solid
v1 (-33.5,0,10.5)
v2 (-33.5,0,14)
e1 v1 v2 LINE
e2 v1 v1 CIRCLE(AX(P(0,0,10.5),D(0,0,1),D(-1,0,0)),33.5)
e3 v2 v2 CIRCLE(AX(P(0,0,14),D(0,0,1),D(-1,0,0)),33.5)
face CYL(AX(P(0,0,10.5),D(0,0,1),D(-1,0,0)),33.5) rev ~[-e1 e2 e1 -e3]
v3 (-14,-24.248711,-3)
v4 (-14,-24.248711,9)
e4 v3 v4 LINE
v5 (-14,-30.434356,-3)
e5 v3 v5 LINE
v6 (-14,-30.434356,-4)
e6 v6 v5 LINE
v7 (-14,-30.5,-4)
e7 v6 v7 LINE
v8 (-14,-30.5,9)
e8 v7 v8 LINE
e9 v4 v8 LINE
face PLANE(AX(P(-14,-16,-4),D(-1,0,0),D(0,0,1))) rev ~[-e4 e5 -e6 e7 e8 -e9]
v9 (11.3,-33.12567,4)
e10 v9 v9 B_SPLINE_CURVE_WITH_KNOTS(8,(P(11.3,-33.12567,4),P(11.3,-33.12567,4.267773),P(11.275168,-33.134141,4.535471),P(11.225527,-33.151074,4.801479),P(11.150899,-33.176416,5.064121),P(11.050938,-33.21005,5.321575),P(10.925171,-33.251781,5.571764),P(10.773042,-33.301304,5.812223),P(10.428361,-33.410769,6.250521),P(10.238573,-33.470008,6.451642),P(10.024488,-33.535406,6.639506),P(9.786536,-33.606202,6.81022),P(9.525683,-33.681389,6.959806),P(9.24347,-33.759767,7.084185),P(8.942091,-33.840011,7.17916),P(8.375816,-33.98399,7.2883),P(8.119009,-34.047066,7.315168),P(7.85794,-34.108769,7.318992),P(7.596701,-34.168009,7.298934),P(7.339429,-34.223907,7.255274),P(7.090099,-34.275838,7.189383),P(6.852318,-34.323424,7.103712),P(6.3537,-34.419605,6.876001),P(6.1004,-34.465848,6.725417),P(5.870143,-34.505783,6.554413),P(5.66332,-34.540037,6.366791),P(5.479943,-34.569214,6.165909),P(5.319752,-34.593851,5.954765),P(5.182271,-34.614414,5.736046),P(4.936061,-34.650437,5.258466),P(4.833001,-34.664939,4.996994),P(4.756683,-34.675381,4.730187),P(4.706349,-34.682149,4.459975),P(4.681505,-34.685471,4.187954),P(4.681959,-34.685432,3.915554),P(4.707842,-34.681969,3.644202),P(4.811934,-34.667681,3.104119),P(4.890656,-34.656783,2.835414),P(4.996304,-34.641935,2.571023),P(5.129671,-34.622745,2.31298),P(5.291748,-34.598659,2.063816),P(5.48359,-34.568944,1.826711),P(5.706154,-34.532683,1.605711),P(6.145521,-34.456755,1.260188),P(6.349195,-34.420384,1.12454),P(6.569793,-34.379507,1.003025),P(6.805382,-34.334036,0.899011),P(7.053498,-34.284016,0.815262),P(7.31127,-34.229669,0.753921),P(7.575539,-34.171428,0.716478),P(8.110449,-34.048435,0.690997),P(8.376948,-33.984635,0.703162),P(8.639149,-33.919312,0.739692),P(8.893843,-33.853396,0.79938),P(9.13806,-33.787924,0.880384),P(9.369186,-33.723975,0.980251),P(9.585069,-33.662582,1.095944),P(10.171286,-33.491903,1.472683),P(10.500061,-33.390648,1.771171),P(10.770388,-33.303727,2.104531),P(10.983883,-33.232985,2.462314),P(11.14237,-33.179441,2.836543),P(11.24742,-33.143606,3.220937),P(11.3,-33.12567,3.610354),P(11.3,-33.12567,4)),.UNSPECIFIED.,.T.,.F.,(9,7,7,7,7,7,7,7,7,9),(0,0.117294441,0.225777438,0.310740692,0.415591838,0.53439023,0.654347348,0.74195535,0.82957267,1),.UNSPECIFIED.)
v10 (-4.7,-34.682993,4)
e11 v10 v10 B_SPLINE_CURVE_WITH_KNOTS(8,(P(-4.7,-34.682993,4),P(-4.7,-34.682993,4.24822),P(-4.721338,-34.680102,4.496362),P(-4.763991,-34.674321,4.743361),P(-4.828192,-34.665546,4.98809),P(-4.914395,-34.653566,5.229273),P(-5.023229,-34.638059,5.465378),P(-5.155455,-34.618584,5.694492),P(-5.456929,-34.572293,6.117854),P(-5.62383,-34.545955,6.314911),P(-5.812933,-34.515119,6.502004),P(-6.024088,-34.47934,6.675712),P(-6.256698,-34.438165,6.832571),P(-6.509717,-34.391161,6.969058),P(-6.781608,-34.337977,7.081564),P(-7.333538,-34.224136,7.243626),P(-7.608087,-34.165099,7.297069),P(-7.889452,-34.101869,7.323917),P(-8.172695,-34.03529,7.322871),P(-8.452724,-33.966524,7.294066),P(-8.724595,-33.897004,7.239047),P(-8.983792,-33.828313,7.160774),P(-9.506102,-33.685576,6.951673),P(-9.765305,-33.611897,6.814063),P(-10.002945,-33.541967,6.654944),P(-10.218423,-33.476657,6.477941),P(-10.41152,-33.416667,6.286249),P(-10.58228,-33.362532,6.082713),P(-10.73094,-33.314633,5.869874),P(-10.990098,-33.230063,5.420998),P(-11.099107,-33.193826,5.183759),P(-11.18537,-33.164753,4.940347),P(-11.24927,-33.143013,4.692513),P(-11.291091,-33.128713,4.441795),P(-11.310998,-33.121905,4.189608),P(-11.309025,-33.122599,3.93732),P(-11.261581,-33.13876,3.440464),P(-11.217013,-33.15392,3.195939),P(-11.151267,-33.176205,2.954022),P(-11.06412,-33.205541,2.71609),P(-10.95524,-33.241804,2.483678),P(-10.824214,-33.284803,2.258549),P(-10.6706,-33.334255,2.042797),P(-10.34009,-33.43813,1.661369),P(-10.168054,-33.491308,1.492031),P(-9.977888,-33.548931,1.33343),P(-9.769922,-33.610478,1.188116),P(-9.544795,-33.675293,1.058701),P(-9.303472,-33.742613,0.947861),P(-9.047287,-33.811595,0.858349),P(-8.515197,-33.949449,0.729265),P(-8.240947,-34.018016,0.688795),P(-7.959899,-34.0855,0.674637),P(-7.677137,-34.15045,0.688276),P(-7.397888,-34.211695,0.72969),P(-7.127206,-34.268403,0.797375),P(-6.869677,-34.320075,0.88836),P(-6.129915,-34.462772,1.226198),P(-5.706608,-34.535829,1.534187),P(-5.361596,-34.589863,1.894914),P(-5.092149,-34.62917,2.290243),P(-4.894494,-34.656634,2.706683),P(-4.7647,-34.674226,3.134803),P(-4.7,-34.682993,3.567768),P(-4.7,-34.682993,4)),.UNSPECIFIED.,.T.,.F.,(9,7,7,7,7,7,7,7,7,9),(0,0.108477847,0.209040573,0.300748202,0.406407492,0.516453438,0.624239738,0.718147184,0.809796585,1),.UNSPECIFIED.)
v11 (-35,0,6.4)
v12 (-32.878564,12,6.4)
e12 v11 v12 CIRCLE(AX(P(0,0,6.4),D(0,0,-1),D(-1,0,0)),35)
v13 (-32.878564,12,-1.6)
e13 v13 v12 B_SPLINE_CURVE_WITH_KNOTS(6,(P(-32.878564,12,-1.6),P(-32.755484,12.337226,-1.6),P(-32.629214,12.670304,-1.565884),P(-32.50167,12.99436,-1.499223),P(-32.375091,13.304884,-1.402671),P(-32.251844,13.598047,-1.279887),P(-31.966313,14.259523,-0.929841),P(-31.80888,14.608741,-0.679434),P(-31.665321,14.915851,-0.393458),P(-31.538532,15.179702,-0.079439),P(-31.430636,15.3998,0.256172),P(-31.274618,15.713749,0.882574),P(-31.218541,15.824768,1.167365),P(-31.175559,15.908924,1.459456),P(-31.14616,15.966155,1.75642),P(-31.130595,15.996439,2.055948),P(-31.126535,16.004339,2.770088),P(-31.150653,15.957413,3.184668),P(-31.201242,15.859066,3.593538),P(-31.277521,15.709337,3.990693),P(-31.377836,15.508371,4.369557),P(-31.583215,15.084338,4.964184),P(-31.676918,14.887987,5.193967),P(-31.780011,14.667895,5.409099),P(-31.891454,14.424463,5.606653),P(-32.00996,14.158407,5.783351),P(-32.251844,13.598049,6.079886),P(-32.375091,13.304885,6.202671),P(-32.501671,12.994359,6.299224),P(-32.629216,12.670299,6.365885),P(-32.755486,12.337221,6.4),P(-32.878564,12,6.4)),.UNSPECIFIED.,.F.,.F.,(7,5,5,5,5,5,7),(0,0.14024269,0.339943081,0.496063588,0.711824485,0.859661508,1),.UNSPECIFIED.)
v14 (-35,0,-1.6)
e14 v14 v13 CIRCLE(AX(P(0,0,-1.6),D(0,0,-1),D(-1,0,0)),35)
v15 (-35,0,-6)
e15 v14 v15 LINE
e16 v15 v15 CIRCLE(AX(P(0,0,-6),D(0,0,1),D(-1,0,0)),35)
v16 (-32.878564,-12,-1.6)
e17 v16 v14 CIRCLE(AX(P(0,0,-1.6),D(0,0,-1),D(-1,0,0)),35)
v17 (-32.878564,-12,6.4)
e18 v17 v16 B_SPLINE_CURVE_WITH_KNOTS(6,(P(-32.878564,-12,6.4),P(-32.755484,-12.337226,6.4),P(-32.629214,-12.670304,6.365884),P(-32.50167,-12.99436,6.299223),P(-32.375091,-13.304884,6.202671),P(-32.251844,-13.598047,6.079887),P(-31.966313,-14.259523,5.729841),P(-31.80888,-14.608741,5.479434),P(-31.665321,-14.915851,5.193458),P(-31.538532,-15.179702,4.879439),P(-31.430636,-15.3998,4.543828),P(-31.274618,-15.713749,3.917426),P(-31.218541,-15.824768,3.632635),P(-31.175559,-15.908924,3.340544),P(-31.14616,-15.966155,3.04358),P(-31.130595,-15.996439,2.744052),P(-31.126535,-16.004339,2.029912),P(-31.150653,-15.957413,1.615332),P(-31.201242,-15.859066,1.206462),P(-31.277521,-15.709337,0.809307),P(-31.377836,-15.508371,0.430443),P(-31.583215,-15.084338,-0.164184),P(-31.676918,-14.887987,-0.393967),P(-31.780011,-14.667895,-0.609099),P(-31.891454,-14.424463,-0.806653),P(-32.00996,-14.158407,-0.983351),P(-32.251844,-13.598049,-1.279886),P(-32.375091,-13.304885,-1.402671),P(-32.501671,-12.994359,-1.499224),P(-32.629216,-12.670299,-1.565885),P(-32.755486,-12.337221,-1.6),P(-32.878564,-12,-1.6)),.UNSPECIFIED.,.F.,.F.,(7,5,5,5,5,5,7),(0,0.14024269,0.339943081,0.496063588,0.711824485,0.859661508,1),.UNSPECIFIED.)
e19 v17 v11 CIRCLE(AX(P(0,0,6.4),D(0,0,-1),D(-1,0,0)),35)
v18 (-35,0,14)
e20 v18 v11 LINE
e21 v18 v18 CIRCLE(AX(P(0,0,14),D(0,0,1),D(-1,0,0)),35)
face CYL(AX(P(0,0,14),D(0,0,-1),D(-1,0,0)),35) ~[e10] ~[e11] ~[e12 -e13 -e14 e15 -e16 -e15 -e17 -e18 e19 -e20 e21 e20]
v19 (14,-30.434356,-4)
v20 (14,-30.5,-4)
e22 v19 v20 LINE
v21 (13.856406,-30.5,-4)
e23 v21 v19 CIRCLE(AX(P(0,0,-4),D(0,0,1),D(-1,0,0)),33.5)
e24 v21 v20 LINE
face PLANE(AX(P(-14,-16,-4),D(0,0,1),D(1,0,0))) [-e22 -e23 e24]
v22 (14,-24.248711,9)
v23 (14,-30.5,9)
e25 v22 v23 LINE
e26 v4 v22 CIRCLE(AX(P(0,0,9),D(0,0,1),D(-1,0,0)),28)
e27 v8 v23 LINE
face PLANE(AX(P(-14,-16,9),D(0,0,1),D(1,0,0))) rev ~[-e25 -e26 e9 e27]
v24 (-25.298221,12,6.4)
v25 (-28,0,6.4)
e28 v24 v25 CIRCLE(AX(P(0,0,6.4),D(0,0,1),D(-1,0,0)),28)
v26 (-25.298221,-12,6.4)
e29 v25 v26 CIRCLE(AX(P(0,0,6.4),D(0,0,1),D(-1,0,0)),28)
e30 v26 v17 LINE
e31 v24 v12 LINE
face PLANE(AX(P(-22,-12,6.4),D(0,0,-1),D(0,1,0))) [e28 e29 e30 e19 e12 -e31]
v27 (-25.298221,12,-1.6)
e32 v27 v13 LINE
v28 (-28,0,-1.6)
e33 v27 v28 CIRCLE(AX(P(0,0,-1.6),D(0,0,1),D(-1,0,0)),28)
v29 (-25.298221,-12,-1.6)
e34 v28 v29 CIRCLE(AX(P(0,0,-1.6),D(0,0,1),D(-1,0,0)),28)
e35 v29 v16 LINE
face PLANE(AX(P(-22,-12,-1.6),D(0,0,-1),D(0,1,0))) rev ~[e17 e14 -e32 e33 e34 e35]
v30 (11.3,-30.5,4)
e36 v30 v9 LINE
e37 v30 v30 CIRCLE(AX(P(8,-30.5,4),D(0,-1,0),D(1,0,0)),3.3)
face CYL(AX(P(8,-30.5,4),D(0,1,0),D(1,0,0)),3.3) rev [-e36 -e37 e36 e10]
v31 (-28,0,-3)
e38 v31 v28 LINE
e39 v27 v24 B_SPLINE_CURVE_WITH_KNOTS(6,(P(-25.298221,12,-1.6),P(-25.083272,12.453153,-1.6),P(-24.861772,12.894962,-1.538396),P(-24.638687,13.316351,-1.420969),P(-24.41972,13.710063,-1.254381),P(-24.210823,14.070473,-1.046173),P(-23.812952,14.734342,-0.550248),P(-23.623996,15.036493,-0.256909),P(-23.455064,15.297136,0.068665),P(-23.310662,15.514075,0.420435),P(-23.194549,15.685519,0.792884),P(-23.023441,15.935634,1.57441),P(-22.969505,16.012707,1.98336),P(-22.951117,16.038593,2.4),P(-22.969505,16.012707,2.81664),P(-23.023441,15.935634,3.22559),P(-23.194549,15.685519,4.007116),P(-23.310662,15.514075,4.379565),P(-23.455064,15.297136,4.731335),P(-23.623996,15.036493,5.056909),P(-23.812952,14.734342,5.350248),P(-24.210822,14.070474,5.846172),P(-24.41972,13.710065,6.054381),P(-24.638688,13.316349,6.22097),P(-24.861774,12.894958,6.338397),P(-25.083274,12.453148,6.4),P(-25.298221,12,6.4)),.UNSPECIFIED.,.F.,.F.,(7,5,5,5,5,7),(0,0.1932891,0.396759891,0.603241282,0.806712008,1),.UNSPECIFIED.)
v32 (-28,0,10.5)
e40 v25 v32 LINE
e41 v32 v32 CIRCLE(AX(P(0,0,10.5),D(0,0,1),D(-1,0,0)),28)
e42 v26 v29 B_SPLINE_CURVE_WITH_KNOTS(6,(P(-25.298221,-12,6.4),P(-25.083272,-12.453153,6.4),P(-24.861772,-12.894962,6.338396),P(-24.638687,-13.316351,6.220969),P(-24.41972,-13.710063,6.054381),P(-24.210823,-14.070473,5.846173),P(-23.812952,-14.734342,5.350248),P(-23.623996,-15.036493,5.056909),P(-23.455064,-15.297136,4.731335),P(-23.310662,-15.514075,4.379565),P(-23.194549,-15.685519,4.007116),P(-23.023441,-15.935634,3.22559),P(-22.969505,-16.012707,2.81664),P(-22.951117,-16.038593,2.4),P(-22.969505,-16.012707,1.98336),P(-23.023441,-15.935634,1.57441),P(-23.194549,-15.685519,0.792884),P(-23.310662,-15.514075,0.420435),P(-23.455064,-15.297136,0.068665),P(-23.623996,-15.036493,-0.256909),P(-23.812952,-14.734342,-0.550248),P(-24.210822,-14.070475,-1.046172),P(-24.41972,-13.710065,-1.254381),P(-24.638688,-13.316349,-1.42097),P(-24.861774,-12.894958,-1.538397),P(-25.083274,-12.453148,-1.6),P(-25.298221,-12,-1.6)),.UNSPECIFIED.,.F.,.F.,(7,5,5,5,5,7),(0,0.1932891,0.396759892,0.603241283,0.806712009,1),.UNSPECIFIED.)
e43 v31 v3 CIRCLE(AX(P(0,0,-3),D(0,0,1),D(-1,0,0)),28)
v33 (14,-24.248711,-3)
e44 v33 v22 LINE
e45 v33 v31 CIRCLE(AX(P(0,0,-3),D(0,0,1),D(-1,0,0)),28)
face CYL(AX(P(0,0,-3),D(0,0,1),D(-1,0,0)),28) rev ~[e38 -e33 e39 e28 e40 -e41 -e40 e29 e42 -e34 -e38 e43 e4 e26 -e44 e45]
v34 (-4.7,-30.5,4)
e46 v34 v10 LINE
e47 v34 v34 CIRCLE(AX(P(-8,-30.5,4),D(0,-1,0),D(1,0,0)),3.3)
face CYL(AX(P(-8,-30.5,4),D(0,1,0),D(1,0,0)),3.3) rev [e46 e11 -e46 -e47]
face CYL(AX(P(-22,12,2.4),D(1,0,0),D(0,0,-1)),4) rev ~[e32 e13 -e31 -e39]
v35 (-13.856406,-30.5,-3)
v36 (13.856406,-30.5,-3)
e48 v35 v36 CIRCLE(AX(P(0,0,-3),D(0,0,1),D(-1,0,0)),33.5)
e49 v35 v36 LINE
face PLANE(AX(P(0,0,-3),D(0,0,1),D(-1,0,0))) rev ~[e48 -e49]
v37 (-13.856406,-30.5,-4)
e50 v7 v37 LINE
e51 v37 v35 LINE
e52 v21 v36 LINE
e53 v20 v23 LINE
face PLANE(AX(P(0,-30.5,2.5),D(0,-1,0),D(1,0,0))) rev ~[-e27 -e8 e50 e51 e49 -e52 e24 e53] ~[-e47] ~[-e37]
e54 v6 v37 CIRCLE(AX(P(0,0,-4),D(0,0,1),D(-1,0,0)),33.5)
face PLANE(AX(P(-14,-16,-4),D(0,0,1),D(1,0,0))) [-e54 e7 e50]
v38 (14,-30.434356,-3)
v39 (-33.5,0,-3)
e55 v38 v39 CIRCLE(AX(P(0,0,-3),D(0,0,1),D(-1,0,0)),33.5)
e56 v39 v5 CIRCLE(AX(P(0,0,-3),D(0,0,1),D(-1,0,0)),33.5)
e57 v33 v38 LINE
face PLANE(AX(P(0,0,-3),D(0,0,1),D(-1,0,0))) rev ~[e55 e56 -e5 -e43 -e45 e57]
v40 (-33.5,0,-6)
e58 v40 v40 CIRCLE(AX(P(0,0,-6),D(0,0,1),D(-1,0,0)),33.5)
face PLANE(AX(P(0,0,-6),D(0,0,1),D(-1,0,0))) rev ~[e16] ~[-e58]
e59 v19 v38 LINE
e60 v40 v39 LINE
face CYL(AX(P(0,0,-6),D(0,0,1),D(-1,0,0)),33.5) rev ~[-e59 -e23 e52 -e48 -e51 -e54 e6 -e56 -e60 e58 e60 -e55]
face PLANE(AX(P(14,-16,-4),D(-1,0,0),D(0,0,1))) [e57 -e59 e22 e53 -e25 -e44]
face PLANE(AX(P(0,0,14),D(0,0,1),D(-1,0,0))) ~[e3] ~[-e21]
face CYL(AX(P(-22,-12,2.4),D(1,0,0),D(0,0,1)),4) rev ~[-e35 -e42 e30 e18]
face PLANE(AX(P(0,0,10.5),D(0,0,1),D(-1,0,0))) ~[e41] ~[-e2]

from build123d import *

# Parameters (mm, degrees)
SKETCH007_W  = 28
SKETCH007_H  = 13
PAD003_DEPTH = 14.5
SKETCH008_R  = 3.3
PAD004_DEPTH = 10
PAD005_DEPTH = 16


with BuildPart() as body003:
    # Sketch007 → Pad003 (new body)
    with BuildSketch(Plane.XZ):
        with Locations((0, 2.5)):
            Rectangle(SKETCH007_W, SKETCH007_H)
    extrude(amount=PAD003_DEPTH)

    # Sketch008 (on Face6 of Pad003) → Pad004 (join)
    with BuildSketch(Plane.XZ.offset(14.5)):
        with Locations((-8, 4)):
            Circle(SKETCH008_R)
        with Locations((8, 4)):
            Circle(SKETCH008_R)
    extrude(amount=PAD004_DEPTH)


with BuildPart() as body003_1:
    # Body003 placement: moved
    add(body003.part.moved(Location((0, -16, 0))))


with BuildPart() as body004:
    # Sketch009 → Pad005 (new body)
    with BuildSketch(Plane.YZ):
        with BuildLine():
            ThreePointArc((-12, 6.4), (-16, 2.4), (-12, -1.6))
            Line((-12, -1.6), (12, -1.6))
            ThreePointArc((12, -1.6), (16, 2.4), (12, 6.4))
            Line((-12, 6.4), (12, 6.4))
        make_face()
    extrude(amount=-PAD005_DEPTH)


with BuildPart() as body004_1:
    # Body004 placement: moved
    add(body004.part.moved(Location((-22, 0, 0))))


with BuildPart() as body002:
    # Sketch006 → Revolution (revolve)
    with BuildSketch(Plane.XZ):
        Polygon((-35, -6), (-33.5, -6), (-33.5, -3), (-28, -3), (-28, 10.5), (-33.5, 10.5), (-33.5, 14), (-35, 14), align=None)
    revolve(axis=Axis((0, 0, 0), (0, 0, 1)))

    # Boolean: cut Body003
    add(body003_1.part, mode=Mode.SUBTRACT)

    # Boolean001: cut Body004
    add(body004_1.part, mode=Mode.SUBTRACT)


solid = body002.part
